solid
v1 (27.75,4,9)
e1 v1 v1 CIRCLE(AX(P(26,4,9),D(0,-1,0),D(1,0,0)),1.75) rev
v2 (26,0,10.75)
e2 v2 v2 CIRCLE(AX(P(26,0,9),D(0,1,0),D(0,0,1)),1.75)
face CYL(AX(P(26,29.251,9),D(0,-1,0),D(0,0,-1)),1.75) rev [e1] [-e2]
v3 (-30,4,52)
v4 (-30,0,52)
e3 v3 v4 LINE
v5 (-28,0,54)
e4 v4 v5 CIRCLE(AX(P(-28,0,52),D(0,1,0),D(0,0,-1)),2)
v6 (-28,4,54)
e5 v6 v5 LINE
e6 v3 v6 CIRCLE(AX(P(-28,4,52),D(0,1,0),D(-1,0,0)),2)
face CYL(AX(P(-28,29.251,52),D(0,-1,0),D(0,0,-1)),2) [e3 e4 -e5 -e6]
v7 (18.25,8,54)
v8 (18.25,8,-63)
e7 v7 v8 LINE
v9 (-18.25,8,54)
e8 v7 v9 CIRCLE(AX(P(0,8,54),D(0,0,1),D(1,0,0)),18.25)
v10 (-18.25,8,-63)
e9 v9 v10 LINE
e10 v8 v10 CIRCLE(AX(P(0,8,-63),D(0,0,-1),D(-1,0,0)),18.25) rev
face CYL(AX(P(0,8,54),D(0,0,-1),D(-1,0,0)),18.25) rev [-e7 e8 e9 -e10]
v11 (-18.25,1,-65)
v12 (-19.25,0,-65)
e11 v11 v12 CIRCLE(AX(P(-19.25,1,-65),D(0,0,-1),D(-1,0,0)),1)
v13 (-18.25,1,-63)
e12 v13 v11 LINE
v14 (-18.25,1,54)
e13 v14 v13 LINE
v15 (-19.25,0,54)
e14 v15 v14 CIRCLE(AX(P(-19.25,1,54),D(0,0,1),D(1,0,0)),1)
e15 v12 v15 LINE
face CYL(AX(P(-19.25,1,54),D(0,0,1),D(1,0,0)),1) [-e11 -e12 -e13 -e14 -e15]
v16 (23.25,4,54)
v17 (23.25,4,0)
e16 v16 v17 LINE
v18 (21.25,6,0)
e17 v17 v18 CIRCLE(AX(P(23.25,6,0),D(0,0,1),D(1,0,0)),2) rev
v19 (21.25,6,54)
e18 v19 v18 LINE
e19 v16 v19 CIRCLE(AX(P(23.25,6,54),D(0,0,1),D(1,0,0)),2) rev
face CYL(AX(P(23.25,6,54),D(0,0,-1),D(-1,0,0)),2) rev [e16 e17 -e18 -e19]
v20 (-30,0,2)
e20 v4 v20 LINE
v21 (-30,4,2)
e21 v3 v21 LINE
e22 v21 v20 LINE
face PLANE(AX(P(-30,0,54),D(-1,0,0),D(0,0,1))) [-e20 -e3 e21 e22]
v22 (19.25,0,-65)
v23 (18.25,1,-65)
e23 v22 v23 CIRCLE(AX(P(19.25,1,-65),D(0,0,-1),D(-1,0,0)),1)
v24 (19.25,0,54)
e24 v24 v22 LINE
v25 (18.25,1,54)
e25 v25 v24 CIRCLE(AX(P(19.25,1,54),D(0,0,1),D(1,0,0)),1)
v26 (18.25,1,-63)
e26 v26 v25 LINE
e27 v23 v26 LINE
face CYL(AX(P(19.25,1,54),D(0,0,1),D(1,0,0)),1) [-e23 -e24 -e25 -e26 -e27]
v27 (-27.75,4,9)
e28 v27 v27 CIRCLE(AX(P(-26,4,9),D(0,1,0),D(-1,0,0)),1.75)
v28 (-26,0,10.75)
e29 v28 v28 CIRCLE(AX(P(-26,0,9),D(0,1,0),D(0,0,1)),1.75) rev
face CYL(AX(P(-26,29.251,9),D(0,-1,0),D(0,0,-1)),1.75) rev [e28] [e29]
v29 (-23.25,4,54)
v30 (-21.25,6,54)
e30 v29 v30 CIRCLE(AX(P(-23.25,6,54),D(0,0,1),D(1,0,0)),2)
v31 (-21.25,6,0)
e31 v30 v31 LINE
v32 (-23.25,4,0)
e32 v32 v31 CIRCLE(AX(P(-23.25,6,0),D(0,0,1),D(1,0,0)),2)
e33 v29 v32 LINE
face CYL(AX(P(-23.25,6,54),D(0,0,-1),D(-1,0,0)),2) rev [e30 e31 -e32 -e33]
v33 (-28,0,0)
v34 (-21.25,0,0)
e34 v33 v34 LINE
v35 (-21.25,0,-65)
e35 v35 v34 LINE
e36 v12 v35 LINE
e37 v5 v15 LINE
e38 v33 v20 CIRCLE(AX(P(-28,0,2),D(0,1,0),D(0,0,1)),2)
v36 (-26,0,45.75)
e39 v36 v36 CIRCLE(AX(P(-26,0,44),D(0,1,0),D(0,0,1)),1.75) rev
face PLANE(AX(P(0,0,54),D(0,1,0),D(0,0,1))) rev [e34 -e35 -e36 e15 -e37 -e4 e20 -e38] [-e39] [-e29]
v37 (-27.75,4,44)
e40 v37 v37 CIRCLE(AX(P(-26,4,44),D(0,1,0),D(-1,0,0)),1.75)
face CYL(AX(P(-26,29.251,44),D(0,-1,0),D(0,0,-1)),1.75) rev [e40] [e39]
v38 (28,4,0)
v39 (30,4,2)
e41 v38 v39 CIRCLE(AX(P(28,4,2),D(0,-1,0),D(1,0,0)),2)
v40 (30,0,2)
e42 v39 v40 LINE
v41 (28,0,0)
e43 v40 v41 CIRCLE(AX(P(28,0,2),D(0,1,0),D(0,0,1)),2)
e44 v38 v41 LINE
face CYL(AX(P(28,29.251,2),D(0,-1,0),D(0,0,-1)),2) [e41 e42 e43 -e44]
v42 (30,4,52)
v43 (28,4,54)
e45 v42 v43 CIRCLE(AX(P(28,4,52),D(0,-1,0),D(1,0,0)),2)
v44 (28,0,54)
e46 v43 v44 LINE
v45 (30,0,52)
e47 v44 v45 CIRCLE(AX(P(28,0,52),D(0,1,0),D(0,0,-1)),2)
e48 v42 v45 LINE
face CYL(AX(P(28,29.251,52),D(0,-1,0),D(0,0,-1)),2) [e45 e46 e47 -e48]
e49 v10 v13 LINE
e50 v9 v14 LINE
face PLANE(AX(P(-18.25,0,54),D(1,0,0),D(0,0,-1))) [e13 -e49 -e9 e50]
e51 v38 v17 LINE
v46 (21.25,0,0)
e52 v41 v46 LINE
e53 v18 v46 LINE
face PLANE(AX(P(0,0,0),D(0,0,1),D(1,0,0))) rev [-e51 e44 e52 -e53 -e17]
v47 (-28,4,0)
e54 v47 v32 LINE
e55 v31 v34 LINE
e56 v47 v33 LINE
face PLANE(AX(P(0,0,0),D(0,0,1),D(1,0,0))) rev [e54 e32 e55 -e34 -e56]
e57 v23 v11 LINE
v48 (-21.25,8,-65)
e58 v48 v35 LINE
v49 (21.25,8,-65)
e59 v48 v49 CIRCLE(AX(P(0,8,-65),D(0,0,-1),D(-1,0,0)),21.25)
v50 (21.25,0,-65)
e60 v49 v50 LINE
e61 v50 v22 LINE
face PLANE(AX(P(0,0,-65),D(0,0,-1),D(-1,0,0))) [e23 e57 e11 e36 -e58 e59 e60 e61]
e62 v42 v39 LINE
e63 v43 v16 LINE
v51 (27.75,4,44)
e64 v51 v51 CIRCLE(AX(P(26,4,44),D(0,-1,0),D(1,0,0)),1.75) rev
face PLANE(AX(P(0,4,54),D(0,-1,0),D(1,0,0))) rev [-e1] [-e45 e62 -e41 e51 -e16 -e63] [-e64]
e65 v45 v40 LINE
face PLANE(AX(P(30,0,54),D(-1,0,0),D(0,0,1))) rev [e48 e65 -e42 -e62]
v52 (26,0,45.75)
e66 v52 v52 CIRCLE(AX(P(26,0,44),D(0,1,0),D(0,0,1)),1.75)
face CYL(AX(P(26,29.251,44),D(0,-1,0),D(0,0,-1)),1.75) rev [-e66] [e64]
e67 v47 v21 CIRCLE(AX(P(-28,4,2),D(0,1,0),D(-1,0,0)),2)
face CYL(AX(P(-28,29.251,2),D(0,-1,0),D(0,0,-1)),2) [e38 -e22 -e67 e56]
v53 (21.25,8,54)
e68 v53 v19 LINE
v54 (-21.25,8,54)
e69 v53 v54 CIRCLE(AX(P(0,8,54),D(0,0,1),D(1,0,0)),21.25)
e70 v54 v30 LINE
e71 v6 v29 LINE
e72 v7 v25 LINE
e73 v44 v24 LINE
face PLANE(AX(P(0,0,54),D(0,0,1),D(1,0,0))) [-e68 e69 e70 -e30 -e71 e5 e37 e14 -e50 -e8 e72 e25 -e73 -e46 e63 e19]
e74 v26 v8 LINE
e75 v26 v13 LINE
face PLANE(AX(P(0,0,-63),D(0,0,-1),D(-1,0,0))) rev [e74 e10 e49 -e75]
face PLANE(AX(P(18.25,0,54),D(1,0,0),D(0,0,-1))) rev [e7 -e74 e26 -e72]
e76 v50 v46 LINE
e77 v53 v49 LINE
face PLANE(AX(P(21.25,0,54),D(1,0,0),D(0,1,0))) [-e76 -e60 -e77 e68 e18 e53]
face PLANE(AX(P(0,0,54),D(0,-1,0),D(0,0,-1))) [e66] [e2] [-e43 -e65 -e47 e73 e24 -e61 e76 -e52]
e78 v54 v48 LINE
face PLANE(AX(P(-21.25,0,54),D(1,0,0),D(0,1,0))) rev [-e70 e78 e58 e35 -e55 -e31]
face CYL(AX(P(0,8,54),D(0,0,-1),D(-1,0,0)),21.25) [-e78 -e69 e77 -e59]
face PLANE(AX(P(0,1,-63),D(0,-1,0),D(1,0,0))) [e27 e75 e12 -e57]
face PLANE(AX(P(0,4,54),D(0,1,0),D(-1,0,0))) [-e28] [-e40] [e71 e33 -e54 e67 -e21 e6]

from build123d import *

# Parameters (mm, degrees)
EXTRUDE_5_DEPTH     = 54
SKETCH_10_OUTSIDE_W = 79.172
SKETCH_10_OUTSIDE_H = 73.172
SKETCH_10_OUTSIDE_R = 1.75
CUT_EXTRUDE_1_DEPTH = 4
FILLET_1_R          = 1
EXTRUDE_6_DEPTH     = 65
EXTRUDE_7_DEPTH     = 2


with BuildPart() as part:
    # 草图11 → 凸台-拉伸5 (new body)
    with BuildSketch(Plane.XY):
        with BuildLine():
            Line((-30, 0), (-30, 4))
            Line((-30, 4), (-23.25, 4))
            ThreePointArc((-23.25, 4), (-21.835786438, 4.585786438), (-21.25, 6))
            Line((-21.25, 6), (-21.25, 8))
            ThreePointArc((-21.25, 8), (0, 29.25), (21.25, 8))
            Line((21.25, 8), (21.25, 6))
            ThreePointArc((21.25, 6), (21.835786438, 4.585786438), (23.25, 4))
            Line((23.25, 4), (30, 4))
            Line((30, 4), (30, 0))
            Line((30, 0), (18.25, 0))
            Line((18.25, 0), (18.25, 8))
            ThreePointArc((18.25, 8), (0, 26.25), (-18.25, 8))
            Line((-18.25, 8), (-18.25, 0))
            Line((-18.25, 0), (-30, 0))
        make_face()
    extrude(amount=EXTRUDE_5_DEPTH)

    # 草图10 outside → 切除-拉伸1 (cut)
    with BuildSketch(Plane(origin=(0, 0, 0), x_dir=(1, 0, 0), z_dir=(0, 1, 0))):
        with Locations((0, -27)):
            Rectangle(SKETCH_10_OUTSIDE_W, SKETCH_10_OUTSIDE_H)
        with BuildLine():
            Line((-30, -2), (-30, -52))
            ThreePointArc((-30, -52), (-29.414213562, -53.414213562), (-28, -54))
            Line((-28, -54), (28, -54))
            ThreePointArc((28, -54), (29.414213562, -53.414213562), (30, -52))
            Line((30, -52), (30, -2))
            ThreePointArc((30, -2), (29.414213562, -0.585786438), (28, 0))
            Line((28, 0), (-28, 0))
            ThreePointArc((-28, 0), (-29.414213562, -0.585786438), (-30, -2))
        make_face(mode=Mode.SUBTRACT)
        with Locations((-26, -9)):
            Circle(SKETCH_10_OUTSIDE_R)
        with Locations((26, -9)):
            Circle(SKETCH_10_OUTSIDE_R)
        with Locations((26, -44)):
            Circle(SKETCH_10_OUTSIDE_R)
        with Locations((-26, -44)):
            Circle(SKETCH_10_OUTSIDE_R)
    extrude(amount=CUT_EXTRUDE_1_DEPTH, mode=Mode.SUBTRACT)

    # 圆角1
    fillet_1_edges = [part.edges().sort_by_distance(p)[0] for p in [
        (18.25, 0, 27),
        (-18.25, 0, 27),
    ]]
    fillet(fillet_1_edges, radius=FILLET_1_R)

    # 草图12 → 凸台-拉伸6 (add)
    with BuildSketch(Plane(origin=(0, 0, 0), x_dir=(-1, 0, 0), z_dir=(0, 0, -1))):
        with BuildLine():
            ThreePointArc((-18.25, 8), (0, 26.25), (18.25, 8))
            Line((18.25, 8), (18.25, 6))
            Line((18.25, 6), (18.25, 1))
            ThreePointArc((18.25, 1), (18.542893219, 0.292893219), (19.25, 0))
            Line((19.25, 0), (21.25, 0))
            Line((21.25, 0), (21.25, 6))
            Line((21.25, 6), (21.25, 8))
            ThreePointArc((21.25, 8), (0, 29.25), (-21.25, 8))
            Line((-21.25, 8), (-21.25, 6))
            Line((-21.25, 6), (-21.25, 0))
            Line((-21.25, 0), (-19.25, 0))
            ThreePointArc((-19.25, 0), (-18.542893219, 0.292893219), (-18.25, 1))
            Line((-18.25, 1), (-18.25, 6))
            Line((-18.25, 6), (-18.25, 8))
        make_face()
    extrude(amount=EXTRUDE_6_DEPTH)

    # 草图13 → 凸台-拉伸7 (add)
    with BuildSketch(Plane(origin=(0, 0, -65), x_dir=(-1, 0, 0), z_dir=(0, 0, -1))):
        with BuildLine():
            Line((-18.25, 1), (18.25, 1))
            Line((18.25, 1), (18.25, 8))
            ThreePointArc((18.25, 8), (0, 26.25), (-18.25, 8))
            Line((-18.25, 8), (-18.25, 1))
        make_face()
    extrude(amount=-EXTRUDE_7_DEPTH)


solid = part.part
